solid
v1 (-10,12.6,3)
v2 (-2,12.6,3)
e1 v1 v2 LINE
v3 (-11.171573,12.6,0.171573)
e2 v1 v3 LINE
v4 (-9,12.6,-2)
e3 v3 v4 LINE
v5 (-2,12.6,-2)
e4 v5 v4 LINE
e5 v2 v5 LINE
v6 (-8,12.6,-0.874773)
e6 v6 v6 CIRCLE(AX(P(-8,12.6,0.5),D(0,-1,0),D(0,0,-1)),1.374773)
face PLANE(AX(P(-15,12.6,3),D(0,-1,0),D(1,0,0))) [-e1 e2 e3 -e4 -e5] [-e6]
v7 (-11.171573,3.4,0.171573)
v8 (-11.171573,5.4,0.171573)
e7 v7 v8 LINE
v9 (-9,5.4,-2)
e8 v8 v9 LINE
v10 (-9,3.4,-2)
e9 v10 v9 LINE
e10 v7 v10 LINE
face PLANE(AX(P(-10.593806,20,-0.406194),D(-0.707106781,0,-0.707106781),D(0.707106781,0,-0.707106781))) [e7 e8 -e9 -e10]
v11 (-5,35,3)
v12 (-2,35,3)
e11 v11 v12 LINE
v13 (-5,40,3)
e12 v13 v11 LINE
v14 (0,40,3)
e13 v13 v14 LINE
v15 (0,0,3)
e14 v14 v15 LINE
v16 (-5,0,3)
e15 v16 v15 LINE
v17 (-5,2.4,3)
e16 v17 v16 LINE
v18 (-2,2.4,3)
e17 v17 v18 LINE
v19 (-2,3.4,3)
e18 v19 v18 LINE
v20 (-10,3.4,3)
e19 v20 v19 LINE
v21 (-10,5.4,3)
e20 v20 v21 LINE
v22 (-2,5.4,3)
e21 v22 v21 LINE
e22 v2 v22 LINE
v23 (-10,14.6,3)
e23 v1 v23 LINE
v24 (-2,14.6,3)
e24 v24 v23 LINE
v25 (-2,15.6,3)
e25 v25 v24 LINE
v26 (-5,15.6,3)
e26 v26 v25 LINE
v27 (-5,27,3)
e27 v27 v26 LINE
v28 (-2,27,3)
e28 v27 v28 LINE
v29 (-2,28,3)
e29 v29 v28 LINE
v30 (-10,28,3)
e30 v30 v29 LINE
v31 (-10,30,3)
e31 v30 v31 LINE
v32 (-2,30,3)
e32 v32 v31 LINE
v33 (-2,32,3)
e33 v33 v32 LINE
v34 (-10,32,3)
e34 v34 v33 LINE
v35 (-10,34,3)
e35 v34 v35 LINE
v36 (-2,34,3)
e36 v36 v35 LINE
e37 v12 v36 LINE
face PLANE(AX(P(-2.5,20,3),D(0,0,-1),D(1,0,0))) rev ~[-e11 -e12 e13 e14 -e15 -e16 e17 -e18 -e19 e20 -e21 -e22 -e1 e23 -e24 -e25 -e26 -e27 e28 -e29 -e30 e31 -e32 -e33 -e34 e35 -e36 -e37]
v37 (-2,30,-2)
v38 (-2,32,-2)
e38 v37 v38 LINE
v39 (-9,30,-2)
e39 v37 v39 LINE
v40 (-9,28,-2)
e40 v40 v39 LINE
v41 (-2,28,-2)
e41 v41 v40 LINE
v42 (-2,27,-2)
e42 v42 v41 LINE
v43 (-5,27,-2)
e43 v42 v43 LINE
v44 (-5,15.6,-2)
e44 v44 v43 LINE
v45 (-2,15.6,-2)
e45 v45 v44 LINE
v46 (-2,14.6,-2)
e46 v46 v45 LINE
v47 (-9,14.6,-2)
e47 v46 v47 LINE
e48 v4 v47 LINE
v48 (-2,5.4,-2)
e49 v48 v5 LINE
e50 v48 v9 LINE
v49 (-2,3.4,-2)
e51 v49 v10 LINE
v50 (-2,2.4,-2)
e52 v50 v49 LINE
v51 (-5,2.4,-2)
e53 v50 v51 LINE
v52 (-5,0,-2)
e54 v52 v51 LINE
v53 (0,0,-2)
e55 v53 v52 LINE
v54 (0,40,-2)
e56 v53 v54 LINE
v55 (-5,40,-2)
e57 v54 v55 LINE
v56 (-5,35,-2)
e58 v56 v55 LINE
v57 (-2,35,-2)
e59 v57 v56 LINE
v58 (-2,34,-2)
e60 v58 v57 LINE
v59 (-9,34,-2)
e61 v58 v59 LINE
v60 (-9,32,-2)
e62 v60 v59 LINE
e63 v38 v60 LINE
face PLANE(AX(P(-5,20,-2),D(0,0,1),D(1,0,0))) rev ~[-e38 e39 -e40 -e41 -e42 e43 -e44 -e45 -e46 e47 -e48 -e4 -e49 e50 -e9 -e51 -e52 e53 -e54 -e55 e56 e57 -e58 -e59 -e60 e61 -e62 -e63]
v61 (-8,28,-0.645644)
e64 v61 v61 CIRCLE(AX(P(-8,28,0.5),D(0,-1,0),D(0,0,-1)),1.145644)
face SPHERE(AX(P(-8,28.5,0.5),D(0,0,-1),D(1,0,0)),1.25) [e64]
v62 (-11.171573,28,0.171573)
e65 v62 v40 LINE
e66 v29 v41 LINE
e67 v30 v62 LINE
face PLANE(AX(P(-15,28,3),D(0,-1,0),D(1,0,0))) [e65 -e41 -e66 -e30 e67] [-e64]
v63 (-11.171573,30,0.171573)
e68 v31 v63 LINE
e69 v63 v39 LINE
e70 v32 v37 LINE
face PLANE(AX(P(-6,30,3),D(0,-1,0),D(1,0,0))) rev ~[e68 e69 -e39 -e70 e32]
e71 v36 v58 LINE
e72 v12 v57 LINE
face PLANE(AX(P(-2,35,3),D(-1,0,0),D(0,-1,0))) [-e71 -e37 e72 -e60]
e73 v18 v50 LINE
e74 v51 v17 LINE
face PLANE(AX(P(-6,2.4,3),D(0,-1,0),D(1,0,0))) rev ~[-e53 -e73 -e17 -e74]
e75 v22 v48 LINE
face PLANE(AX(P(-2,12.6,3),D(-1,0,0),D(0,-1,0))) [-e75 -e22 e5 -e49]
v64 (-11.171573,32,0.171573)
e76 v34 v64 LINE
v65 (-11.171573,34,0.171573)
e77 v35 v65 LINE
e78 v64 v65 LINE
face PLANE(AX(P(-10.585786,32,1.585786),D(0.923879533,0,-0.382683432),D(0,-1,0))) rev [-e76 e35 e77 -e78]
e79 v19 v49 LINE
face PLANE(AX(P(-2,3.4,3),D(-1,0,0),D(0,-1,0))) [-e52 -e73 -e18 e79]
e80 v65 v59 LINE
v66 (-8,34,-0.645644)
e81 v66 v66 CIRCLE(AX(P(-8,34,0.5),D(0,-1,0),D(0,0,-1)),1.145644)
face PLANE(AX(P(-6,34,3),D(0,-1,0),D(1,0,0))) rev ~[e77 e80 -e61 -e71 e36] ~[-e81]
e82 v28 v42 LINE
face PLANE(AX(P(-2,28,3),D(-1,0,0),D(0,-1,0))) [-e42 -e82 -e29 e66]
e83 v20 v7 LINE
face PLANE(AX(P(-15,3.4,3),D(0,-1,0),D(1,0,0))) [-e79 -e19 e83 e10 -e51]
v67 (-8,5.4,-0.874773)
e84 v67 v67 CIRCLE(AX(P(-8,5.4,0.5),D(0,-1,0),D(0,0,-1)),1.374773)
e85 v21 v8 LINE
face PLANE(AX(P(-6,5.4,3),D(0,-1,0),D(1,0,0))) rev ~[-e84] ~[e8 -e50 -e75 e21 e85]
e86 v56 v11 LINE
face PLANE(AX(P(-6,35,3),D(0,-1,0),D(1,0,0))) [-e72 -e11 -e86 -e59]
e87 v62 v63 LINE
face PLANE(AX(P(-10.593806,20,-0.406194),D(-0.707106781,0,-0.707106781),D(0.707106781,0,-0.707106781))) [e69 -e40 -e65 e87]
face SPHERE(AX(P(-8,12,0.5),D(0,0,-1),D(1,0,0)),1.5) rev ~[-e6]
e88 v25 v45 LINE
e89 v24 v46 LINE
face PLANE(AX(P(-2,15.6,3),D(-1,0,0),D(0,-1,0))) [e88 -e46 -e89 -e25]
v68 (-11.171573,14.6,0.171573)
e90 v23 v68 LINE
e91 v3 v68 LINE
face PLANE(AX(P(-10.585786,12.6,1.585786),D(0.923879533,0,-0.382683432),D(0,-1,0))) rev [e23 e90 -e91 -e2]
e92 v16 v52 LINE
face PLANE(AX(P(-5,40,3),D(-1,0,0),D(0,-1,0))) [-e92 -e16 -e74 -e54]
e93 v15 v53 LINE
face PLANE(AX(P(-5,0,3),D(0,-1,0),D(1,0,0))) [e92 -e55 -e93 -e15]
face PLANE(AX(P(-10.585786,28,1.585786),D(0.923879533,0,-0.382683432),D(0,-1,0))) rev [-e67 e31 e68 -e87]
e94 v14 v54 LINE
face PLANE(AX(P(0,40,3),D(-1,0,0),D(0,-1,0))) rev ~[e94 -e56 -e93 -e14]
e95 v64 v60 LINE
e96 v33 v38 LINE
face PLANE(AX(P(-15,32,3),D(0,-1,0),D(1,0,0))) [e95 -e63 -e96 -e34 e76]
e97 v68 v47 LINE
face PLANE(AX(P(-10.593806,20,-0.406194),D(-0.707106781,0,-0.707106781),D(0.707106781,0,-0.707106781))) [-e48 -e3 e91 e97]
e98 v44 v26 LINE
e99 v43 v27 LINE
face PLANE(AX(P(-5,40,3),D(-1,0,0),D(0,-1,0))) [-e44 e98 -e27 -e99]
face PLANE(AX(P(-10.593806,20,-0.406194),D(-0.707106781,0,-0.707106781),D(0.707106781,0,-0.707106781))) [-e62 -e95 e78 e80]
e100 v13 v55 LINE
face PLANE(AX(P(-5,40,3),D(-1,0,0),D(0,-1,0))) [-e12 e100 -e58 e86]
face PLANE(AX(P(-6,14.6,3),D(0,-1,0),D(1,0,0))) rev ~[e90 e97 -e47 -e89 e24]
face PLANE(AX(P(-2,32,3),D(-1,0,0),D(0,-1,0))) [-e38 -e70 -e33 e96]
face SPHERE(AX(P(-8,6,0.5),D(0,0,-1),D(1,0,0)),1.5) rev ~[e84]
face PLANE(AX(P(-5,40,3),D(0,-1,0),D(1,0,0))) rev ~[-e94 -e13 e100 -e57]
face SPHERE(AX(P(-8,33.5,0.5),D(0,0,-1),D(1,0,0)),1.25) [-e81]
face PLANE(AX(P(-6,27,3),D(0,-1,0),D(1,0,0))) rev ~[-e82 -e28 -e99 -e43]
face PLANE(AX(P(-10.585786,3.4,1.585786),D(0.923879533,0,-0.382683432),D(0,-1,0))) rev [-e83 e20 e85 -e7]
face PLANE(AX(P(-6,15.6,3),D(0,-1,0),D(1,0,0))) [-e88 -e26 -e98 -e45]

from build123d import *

# Parameters (mm, degrees)
BOX105_W               = 12
BOX105_H               = 44
BOX105_DEPTH           = 10
BOX101_W               = 4
BOX101_H               = 1
BOX101_DEPTH           = 7
BOX103_W               = 4
BOX103_H               = 1
BOX103_DEPTH           = 7
BOX100_W               = 4
BOX100_H               = 2
BOX100_DEPTH           = 7
BOX102_W               = 4
BOX102_H               = 1
BOX102_DEPTH           = 7
BOX099_W               = 4
BOX099_H               = 1
BOX099_DEPTH           = 7
BOX104_W               = 4
BOX104_H               = 7.2
BOX104_DEPTH           = 7
BOX098_W               = 13
BOX098_H               = 40
BOX098_DEPTH           = 10
BOX098_PLACEMENT_ANGLE = 45
BOX094_W               = 10
BOX094_H               = 2
BOX094_DEPTH           = 7
BOX095_W               = 10
BOX095_H               = 2
BOX095_DEPTH           = 7
BOX096_W               = 10
BOX096_H               = 2
BOX096_DEPTH           = 7
BOX097_W               = 10
BOX097_H               = 2
BOX097_DEPTH           = 7
BOX093_W               = 5
BOX093_H               = 40
BOX093_DEPTH           = 7
CHAMFER009_SIZE        = 4
CUT027_PLACEMENT_ANGLE = 180


with BuildPart() as cube089:
    # Box105 → Box105 (new body)
    with BuildSketch(Plane(origin=(-11, -2, -12), x_dir=(1, 0, 0), z_dir=(0, 0, 1))):
        with Locations((6, 22)):
            Rectangle(BOX105_W, BOX105_H)
    extrude(amount=BOX105_DEPTH)


with BuildPart() as cube085:
    # Box101 → Box101 (new body)
    with BuildSketch(Plane(origin=(-1, 12, 0), x_dir=(1, 0, 0), z_dir=(0, 0, 1))):
        with Locations((2, 0.5)):
            Rectangle(BOX101_W, BOX101_H)
    extrude(amount=BOX101_DEPTH)


with BuildPart() as cube087:
    # Box103 → Box103 (new body)
    with BuildSketch(Plane(origin=(-1, 36.6, 0), x_dir=(1, 0, 0), z_dir=(0, 0, 1))):
        with Locations((2, 0.5)):
            Rectangle(BOX103_W, BOX103_H)
    extrude(amount=BOX103_DEPTH)


with BuildPart() as cube084:
    # Box100 → Box100 (new body)
    with BuildSketch(Plane(origin=(-1, 8, 0), x_dir=(1, 0, 0), z_dir=(0, 0, 1))):
        with Locations((2, 1)):
            Rectangle(BOX100_W, BOX100_H)
    extrude(amount=BOX100_DEPTH)


with BuildPart() as cube086:
    # Box102 → Box102 (new body)
    with BuildSketch(Plane(origin=(-1, 24.4, 0), x_dir=(1, 0, 0), z_dir=(0, 0, 1))):
        with Locations((2, 0.5)):
            Rectangle(BOX102_W, BOX102_H)
    extrude(amount=BOX102_DEPTH)


with BuildPart() as cube083:
    # Box099 → Box099 (new body)
    with BuildSketch(Plane(origin=(-1, 5, 0), x_dir=(1, 0, 0), z_dir=(0, 0, 1))):
        with Locations((2, 0.5)):
            Rectangle(BOX099_W, BOX099_H)
    extrude(amount=BOX099_DEPTH)


with BuildPart() as fusion033:
    # Box104 → Box104 (new body)
    with BuildSketch(Plane(origin=(-1, 27.4, 0), x_dir=(1, 0, 0), z_dir=(0, 0, 1))):
        with Locations((2, 3.6)):
            Rectangle(BOX104_W, BOX104_H)
    extrude(amount=BOX104_DEPTH)

    # Fusion033: union Cube085, Cube087, Cube084, Cube086, Cube083
    add(cube085.part)
    add(cube087.part)
    add(cube084.part)
    add(cube086.part)
    add(cube083.part)


with BuildPart() as sphere037:
    # Sphere037 → Sphere037 (revolve)
    with BuildSketch(Plane(origin=(-3, 28, 2.5), x_dir=(1, 0, 0), z_dir=(0, -1, 0))):
        with BuildLine():
            ThreePointArc((0, -1.5), (1.5, 0), (0, 1.5))
            Line((0, 1.5), (0, -1.5))
        make_face()
    revolve(axis=Axis((-3, 28, 2.5), (0, 0, 1)))


with BuildPart() as fusion032:
    # Sphere038 → Sphere038 (revolve)
    with BuildSketch(Plane(origin=(-3, 34, 2.5), x_dir=(1, 0, 0), z_dir=(0, -1, 0))):
        with BuildLine():
            ThreePointArc((0, -1.5), (1.5, 0), (0, 1.5))
            Line((0, 1.5), (0, -1.5))
        make_face()
    revolve(axis=Axis((-3, 34, 2.5), (0, 0, 1)))

    # Fusion032: union Sphere037
    add(sphere037.part)


with BuildPart() as sphere036:
    # Sphere036 → Sphere036 (revolve)
    with BuildSketch(Plane(origin=(-3, 11.5, 2.5), x_dir=(1, 0, 0), z_dir=(0, -1, 0))):
        with BuildLine():
            ThreePointArc((0, -1.25), (1.25, 0), (0, 1.25))
            Line((0, 1.25), (0, -1.25))
        make_face()
    revolve(axis=Axis((-3, 11.5, 2.5), (0, 0, 1)))


with BuildPart() as cube082:
    # Box098 → Box098 (new body)
    with BuildSketch(Plane.XY):
        with Locations((6.5, 20)):
            Rectangle(BOX098_W, BOX098_H)
    extrude(amount=BOX098_DEPTH)


with BuildPart() as cube082_1:
    # Box098 placement: moved
    add(cube082.part.moved(Location((-10.19, 0, -1.19))).rotate(Axis((-10.19, 0, -1.19), (0, -1, 0)), BOX098_PLACEMENT_ANGLE))


with BuildPart() as cube078:
    # Box094 → Box094 (new body)
    with BuildSketch(Plane(origin=(-10, 6, 0), x_dir=(1, 0, 0), z_dir=(0, 0, 1))):
        with Locations((5, 1)):
            Rectangle(BOX094_W, BOX094_H)
    extrude(amount=BOX094_DEPTH)


with BuildPart() as cube079:
    # Box095 → Box095 (new body)
    with BuildSketch(Plane(origin=(-10, 10, 0), x_dir=(1, 0, 0), z_dir=(0, 0, 1))):
        with Locations((5, 1)):
            Rectangle(BOX095_W, BOX095_H)
    extrude(amount=BOX095_DEPTH)


with BuildPart() as cube080:
    # Box096 → Box096 (new body)
    with BuildSketch(Plane(origin=(-10, 25.4, 0), x_dir=(1, 0, 0), z_dir=(0, 0, 1))):
        with Locations((5, 1)):
            Rectangle(BOX096_W, BOX096_H)
    extrude(amount=BOX096_DEPTH)


with BuildPart() as cube081:
    # Box097 → Box097 (new body)
    with BuildSketch(Plane(origin=(-10, 34.6, 0), x_dir=(1, 0, 0), z_dir=(0, 0, 1))):
        with Locations((5, 1)):
            Rectangle(BOX097_W, BOX097_H)
    extrude(amount=BOX097_DEPTH)


with BuildPart() as cut025:
    # Box093 → Box093 (new body)
    with BuildSketch(Plane.XY):
        with Locations((2.5, 20)):
            Rectangle(BOX093_W, BOX093_H)
    extrude(amount=BOX093_DEPTH)

    # Fusion030: union Cube078, Cube079, Cube080, Cube081
    add(cube078.part)
    add(cube079.part)
    add(cube080.part)
    add(cube081.part)

    # Cut025: cut Cube082
    add(cube082_1.part, mode=Mode.SUBTRACT)


with BuildPart() as cut028:
    # Sphere035 → Sphere035 (revolve)
    with BuildSketch(Plane(origin=(-3, 6.5, 2.5), x_dir=(1, 0, 0), z_dir=(0, -1, 0))):
        with BuildLine():
            ThreePointArc((0, -1.25), (1.25, 0), (0, 1.25))
            Line((0, 1.25), (0, -1.25))
        make_face()
    revolve(axis=Axis((-3, 6.5, 2.5), (0, 0, 1)))

    # Fusion031: union Sphere036, Cut025
    add(sphere036.part)
    add(cut025.part)

    # Cut026: cut Fusion032
    add(fusion032.part, mode=Mode.SUBTRACT)

    # Chamfer009
    chamfer009_edges = [cut028.edges().sort_by_distance(p)[0] for p in [
        (-9, 7, 0),
        (-9, 11, 0),
        (-9, 35.6, 0),
        (-9, 26.4, 0),
    ]]
    chamfer(chamfer009_edges, length=CHAMFER009_SIZE)

    # Cut027: cut Fusion033
    add(fusion033.part, mode=Mode.SUBTRACT)


with BuildPart() as cut028_1:
    # Cut027 placement: moved
    add(cut028.part.moved(Location((-5, 40, 3))).rotate(Axis((-5, 40, 3), (1, 0, 0)), CUT027_PLACEMENT_ANGLE))

    # Cut028: cut Cube089
    add(cube089.part, mode=Mode.SUBTRACT)


solid = cut028_1.part
